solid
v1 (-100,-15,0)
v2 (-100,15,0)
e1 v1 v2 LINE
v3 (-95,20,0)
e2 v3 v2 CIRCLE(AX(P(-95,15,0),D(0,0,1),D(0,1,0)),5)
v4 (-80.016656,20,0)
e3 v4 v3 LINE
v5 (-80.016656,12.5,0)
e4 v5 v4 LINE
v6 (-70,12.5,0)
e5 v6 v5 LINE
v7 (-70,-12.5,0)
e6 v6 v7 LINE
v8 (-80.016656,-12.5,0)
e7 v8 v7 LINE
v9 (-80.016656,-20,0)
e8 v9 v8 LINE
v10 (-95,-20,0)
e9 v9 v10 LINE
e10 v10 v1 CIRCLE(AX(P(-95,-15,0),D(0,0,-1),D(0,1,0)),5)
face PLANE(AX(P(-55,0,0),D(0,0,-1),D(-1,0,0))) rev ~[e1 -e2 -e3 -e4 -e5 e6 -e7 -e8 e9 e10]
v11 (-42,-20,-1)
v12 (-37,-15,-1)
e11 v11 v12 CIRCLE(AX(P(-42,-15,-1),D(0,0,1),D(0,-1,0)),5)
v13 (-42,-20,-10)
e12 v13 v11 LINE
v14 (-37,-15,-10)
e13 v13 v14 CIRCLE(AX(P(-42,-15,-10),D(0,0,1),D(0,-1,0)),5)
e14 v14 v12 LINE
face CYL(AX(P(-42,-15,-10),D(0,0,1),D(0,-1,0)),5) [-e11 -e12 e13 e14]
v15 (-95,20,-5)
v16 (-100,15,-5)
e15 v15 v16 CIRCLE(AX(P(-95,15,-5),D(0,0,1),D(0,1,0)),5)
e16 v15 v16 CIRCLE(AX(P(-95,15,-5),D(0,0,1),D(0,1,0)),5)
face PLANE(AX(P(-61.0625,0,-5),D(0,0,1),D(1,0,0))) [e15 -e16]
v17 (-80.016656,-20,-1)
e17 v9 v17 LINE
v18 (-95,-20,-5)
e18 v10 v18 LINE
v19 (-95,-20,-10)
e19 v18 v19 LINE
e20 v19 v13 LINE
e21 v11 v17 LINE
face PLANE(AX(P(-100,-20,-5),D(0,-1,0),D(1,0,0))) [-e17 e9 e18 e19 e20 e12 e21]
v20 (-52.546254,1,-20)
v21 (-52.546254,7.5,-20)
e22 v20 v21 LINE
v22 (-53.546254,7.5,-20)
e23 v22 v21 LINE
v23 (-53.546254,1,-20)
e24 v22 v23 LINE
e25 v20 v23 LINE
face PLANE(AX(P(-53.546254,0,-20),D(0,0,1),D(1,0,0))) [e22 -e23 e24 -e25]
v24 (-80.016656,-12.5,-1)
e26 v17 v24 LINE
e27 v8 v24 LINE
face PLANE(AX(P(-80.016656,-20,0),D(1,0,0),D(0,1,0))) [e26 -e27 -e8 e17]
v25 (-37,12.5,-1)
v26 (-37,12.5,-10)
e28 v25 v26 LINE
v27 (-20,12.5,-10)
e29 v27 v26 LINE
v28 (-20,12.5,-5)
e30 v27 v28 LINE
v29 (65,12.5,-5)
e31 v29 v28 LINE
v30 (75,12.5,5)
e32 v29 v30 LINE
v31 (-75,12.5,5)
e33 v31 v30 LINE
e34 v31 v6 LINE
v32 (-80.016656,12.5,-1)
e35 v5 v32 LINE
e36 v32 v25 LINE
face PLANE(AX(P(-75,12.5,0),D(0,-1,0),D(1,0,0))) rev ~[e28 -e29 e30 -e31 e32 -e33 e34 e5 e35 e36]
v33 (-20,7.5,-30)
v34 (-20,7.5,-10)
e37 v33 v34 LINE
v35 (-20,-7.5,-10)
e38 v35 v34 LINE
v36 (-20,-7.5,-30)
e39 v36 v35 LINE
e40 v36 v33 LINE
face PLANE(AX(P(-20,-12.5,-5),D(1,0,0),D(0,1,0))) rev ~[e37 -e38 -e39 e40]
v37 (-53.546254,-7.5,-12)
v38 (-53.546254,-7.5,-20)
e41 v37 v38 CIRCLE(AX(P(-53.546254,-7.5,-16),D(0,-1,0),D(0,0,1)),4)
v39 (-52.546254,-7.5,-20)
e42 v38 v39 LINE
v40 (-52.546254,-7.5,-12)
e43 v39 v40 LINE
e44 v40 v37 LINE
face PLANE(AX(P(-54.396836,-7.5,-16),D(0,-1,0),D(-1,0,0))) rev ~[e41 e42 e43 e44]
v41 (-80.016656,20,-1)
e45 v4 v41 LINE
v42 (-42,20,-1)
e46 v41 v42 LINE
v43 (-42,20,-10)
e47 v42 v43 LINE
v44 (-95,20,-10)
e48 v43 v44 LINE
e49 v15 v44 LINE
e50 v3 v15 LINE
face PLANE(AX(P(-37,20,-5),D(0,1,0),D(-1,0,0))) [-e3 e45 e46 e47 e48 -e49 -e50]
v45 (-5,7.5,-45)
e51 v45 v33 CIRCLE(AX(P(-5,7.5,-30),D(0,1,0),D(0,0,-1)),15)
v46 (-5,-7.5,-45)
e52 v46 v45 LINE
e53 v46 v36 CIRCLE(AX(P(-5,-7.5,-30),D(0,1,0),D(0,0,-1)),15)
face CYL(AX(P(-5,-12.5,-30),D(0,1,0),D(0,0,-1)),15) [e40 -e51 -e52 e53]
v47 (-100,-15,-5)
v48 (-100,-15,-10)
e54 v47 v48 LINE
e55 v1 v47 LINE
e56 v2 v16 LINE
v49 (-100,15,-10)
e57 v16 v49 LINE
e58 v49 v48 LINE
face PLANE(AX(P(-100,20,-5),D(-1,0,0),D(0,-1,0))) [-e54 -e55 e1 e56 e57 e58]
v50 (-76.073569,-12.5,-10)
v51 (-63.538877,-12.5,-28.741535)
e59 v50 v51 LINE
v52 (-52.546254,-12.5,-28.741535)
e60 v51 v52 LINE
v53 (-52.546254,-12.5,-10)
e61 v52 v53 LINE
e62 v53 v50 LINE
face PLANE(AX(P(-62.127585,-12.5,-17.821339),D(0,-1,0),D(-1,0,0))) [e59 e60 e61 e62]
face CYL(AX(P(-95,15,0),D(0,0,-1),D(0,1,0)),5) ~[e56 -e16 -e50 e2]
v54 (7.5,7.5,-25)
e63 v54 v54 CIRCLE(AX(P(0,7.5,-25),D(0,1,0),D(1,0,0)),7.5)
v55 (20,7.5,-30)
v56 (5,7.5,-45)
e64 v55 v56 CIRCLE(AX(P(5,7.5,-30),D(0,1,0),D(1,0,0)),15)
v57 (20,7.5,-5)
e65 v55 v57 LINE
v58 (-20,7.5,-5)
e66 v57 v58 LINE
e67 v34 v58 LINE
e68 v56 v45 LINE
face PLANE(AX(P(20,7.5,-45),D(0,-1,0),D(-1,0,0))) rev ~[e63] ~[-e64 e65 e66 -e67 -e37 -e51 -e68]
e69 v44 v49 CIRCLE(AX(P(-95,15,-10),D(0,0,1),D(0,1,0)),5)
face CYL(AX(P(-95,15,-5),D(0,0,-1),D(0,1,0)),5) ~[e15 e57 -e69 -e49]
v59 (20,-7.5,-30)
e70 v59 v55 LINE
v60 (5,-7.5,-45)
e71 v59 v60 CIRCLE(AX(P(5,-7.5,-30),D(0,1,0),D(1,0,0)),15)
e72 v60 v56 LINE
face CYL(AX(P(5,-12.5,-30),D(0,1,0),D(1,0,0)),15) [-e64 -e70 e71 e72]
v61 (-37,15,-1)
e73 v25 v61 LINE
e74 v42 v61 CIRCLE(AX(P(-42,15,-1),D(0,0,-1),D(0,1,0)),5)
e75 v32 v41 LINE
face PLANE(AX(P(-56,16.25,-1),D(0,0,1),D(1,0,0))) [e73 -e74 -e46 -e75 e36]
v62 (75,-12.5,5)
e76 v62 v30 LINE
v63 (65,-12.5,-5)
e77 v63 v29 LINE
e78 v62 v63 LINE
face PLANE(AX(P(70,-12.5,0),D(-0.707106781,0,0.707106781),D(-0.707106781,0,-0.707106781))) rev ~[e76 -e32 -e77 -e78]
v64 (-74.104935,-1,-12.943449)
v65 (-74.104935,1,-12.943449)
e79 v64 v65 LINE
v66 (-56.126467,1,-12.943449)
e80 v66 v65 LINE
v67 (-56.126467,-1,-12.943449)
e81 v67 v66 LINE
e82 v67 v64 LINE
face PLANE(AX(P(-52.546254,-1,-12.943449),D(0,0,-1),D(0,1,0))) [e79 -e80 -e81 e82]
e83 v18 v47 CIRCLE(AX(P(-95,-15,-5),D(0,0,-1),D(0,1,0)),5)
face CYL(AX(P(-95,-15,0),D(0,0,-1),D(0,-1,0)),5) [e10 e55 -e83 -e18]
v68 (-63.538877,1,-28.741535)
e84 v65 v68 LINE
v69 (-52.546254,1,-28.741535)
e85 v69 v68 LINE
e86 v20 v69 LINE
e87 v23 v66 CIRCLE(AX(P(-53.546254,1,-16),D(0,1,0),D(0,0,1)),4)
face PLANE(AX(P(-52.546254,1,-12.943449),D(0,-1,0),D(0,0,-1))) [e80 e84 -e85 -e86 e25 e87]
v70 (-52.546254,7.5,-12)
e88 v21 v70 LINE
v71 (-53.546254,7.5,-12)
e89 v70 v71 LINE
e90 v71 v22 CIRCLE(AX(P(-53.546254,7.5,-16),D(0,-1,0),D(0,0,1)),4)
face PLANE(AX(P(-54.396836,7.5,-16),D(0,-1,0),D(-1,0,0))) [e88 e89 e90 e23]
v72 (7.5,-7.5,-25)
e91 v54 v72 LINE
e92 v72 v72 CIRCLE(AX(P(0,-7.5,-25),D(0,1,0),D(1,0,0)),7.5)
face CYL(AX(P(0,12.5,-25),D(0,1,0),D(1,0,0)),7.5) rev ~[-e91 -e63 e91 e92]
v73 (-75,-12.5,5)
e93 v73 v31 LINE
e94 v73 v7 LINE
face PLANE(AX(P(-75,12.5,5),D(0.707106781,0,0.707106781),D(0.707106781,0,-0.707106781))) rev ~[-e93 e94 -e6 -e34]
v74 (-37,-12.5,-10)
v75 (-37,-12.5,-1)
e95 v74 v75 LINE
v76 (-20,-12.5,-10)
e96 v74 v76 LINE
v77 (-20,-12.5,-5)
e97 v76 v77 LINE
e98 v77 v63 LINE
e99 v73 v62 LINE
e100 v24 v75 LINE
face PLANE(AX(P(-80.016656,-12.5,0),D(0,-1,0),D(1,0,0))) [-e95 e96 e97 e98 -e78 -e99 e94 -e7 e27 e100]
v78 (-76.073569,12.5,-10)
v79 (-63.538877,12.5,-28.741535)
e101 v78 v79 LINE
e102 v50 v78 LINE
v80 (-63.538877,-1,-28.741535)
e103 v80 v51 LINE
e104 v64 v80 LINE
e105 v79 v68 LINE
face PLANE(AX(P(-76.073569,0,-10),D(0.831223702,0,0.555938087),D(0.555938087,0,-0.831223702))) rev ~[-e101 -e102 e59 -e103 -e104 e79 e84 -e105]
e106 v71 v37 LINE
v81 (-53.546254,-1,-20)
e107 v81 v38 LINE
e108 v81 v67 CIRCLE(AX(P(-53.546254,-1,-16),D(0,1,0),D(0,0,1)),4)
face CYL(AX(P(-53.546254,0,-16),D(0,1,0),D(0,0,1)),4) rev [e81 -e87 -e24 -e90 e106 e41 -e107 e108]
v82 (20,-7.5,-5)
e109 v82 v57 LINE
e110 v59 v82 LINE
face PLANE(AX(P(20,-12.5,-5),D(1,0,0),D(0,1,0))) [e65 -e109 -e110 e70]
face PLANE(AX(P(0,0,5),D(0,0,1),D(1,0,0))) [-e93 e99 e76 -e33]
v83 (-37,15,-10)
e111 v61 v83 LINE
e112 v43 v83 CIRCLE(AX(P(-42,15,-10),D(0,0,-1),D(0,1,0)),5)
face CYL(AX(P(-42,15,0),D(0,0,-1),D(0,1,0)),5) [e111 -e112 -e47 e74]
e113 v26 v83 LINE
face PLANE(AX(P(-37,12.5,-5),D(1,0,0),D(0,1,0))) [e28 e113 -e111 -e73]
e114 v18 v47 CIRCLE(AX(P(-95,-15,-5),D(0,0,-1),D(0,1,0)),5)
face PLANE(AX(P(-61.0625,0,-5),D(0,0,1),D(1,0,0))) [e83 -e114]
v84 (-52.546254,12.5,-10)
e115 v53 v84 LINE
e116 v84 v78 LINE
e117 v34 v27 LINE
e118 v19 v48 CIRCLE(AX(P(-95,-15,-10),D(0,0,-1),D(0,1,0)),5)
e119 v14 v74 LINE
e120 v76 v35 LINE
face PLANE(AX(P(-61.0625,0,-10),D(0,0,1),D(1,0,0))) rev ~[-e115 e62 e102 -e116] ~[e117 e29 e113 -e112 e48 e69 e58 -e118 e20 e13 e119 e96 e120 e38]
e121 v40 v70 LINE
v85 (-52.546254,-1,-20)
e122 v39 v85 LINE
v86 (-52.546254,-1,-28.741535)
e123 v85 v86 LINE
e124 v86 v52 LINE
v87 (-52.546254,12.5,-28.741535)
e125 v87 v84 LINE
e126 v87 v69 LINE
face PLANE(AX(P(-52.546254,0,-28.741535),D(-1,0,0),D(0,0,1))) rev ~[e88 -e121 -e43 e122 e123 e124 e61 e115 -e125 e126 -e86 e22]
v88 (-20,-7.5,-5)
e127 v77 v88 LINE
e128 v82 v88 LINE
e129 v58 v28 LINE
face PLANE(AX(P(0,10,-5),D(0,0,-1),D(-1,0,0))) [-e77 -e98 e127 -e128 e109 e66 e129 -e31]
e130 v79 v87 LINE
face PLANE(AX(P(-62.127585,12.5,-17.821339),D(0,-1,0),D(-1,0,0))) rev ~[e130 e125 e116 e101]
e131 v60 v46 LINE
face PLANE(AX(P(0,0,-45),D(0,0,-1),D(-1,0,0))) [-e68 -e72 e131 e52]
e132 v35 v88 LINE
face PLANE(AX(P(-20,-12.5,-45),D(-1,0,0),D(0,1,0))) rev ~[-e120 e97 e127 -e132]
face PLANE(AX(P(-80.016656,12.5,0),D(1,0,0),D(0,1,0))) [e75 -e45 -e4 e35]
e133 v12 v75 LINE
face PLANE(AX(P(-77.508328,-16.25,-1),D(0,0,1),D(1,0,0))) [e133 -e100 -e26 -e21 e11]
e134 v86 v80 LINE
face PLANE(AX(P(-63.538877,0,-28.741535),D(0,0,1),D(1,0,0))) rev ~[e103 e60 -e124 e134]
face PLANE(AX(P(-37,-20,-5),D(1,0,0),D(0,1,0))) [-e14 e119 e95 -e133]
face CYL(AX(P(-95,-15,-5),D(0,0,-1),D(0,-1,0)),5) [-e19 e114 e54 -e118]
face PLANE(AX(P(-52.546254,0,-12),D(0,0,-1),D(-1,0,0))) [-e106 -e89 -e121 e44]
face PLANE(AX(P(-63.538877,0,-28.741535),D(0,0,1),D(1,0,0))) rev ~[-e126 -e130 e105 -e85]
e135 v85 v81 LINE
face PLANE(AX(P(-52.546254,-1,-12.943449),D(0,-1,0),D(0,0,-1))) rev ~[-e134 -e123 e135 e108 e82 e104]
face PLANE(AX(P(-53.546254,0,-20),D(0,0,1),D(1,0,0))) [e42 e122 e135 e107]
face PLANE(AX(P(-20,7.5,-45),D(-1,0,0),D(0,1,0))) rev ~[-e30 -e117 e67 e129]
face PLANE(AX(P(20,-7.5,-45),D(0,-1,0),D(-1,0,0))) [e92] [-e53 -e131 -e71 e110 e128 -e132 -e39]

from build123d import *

# Parameters (mm, degrees)
SZKIC1_W                    = 150
SZKIC1_H                    = 25
DODANIE_WYCI_GNI_CIE1_DEPTH = 5
WYTNIJ_WYCI_GNI_CIE1_DEPTH  = 26
SZKIC3_W                    = 90
SZKIC3_H                    = 40
DODANIE_WYCI_GNI_CIE2_DEPTH = 5
ZAOKR_GLENIE1_R             = 5
SZKIC4_W                    = 75
SZKIC4_H                    = 25
DODANIE_WYCI_GNI_CIE3_DEPTH = 5
DODANIE_WYCI_GNI_CIE4_DEPTH = 25
SZKIC6_W                    = 40
SZKIC6_H                    = 25
DODANIE_WYCI_GNI_CIE5_DEPTH = 40
ZAOKR_GLENIE2_R             = 15
SZKIC7_R                    = 7.5
WYTNIJ_WYCI_GNI_CIE2_DEPTH  = 40
SZKIC10_W                   = 27
SZKIC10_H                   = 7.5
WYTNIJ_WYCI_GNI_CIE5_DEPTH  = 10
DODANIE_WYCI_GNI_CIE7_DEPTH = 5
ZAOKR_GLENIE5_R             = 5
ZAOKR_GLENIE6_R             = 5
DODANIE_WYCI_GNI_CIE8_DEPTH = 12.5
SZKIC21_W                   = 15.7980857
SZKIC21_H                   = 2
WYTNIJ_WYCI_GNI_CIE8_DEPTH  = 25
WYTNIJ_WYCI_GNI_CIE9_DEPTH  = 7.5
SZKIC23_W                   = 40
SZKIC23_H                   = 5
WYTNIJ_WYCI_GNI_CIE10_DEPTH = 40
SZKIC24_W                   = 38
SZKIC24_H                   = 7.5
WYTNIJ_WYCI_GNI_CIE11_DEPTH = 1
SZKIC25_W                   = 5.016656034
SZKIC25_H                   = 7.5
WYTNIJ_WYCI_GNI_CIE12_DEPTH = 1


with BuildPart() as part:
    # Szkic1 → Dodanie-wyciągnięcie1 (new body)
    with BuildSketch(Plane.XY):
        Rectangle(SZKIC1_W, SZKIC1_H)
    extrude(amount=DODANIE_WYCI_GNI_CIE1_DEPTH)

    # Szkic2 → Wytnij-wyciągnięcie1 (cut, through all)
    with BuildSketch(Plane(origin=(0, 12.5, 0), x_dir=(1, 0, 0), z_dir=(0, 1, 0))):
        Polygon((75, -5), (70, 0), (75, 0), align=None)
        Polygon((-70, 0), (-75, 0), (-75, -5), align=None)
    extrude(amount=-WYTNIJ_WYCI_GNI_CIE1_DEPTH, mode=Mode.SUBTRACT)

    # Szkic3 → Dodanie-wyciągnięcie2 (add)
    with BuildSketch(Plane(origin=(0, 0, 0), x_dir=(-1, 0, 0), z_dir=(0, 0, -1))):
        with Locations((55, 0)):
            Rectangle(SZKIC3_W, SZKIC3_H)
    extrude(amount=DODANIE_WYCI_GNI_CIE2_DEPTH)

    # Zaokrąglenie1
    zaokr_glenie1_edges = [part.edges().sort_by_distance(p)[0] for p in [
        (-100, -20, -2.5),
        (-100, 20, -2.5),
        (-10, 20, -2.5),
        (-10, -20, -2.5),
    ]]
    fillet(zaokr_glenie1_edges, radius=ZAOKR_GLENIE1_R)

    # Szkic4 → Dodanie-wyciągnięcie3 (add)
    with BuildSketch(Plane(origin=(0, 0, 0), x_dir=(-1, 0, 0), z_dir=(0, 0, -1))):
        with Locations((-27.5, 0)):
            Rectangle(SZKIC4_W, SZKIC4_H)
    extrude(amount=DODANIE_WYCI_GNI_CIE3_DEPTH)

    # Szkic5 → Dodanie-wyciągnięcie4 (add)
    with BuildSketch(Plane.XZ.offset(12.5)):
        Polygon((65, 0), (70, 0), (65, -5), align=None)
    extrude(amount=-DODANIE_WYCI_GNI_CIE4_DEPTH)

    # Szkic6 → Dodanie-wyciągnięcie5 (add)
    with BuildSketch(Plane(origin=(0, 0, -5), x_dir=(-1, 0, 0), z_dir=(0, 0, -1))):
        Rectangle(SZKIC6_W, SZKIC6_H)
    extrude(amount=DODANIE_WYCI_GNI_CIE5_DEPTH)

    # Zaokrąglenie2
    zaokr_glenie2_edges = [part.edges().sort_by_distance(p)[0] for p in [
        (20, 0, -45),
        (-20, 0, -45),
    ]]
    fillet(zaokr_glenie2_edges, radius=ZAOKR_GLENIE2_R)

    # Szkic7 → Wytnij-wyciągnięcie2 (cut)
    with BuildSketch(Plane(origin=(0, 12.5, 0), x_dir=(1, 0, 0), z_dir=(0, 1, 0))):
        with Locations((0, 25)):
            Circle(SZKIC7_R)
    extrude(amount=-WYTNIJ_WYCI_GNI_CIE2_DEPTH, mode=Mode.SUBTRACT)

    # Szkic10 → Wytnij-wyciągnięcie5 (cut)
    with BuildSketch(Plane.XY):
        with Locations((-23.5, 16.25)):
            Rectangle(SZKIC10_W, SZKIC10_H)
        with Locations((-23.5, -16.25)):
            Rectangle(SZKIC10_W, SZKIC10_H)
    extrude(amount=-WYTNIJ_WYCI_GNI_CIE5_DEPTH, mode=Mode.SUBTRACT)

    # Szkic11 → Dodanie-wyciągnięcie7 (add)
    with BuildSketch(Plane(origin=(0, 0, -5), x_dir=(-1, 0, 0), z_dir=(0, 0, -1))):
        Polygon((37, 20), (100, 20), (100, -20), (37, -20), (37, -12.5), (20, -12.5), (20, 12.5), (37, 12.5), align=None)
    extrude(amount=DODANIE_WYCI_GNI_CIE7_DEPTH)

    # Zaokrąglenie5
    zaokr_glenie5_edges = [part.edges().sort_by_distance(p)[0] for p in [
        (-100, 20, -7.5),
        (-100, -20, -7.5),
    ]]
    fillet(zaokr_glenie5_edges, radius=ZAOKR_GLENIE5_R)

    # Zaokrąglenie6
    zaokr_glenie6_edges = [part.edges().sort_by_distance(p)[0] for p in [
        (-37, 20, -5),
        (-37, -20, -5),
    ]]
    fillet(zaokr_glenie6_edges, radius=ZAOKR_GLENIE6_R)

    # Szkic19 → Dodanie-wyciągnięcie8 (add, symmetric)
    with BuildSketch(Plane(origin=(0, 0, 0), x_dir=(1, 0, 0), z_dir=(0, 1, 0))):
        Polygon((-76.073569431, 10), (-63.538877319, 28.741535124), (-52.546253684, 28.741535124), (-52.546253684, 10), align=None)
    extrude(amount=DODANIE_WYCI_GNI_CIE8_DEPTH, both=True)

    # Szkic21 → Wytnij-wyciągnięcie8 (cut)
    with BuildSketch(Plane(origin=(-52.546253684, 0, 0), x_dir=(0, 0, -1), z_dir=(1, 0, 0))):
        with Locations((20.842492274, 0)):
            Rectangle(SZKIC21_W, SZKIC21_H)
    extrude(amount=-WYTNIJ_WYCI_GNI_CIE8_DEPTH, mode=Mode.SUBTRACT)

    # Szkic22 → Wytnij-wyciągnięcie9 (cut, symmetric)
    with BuildSketch(Plane(origin=(0, 0, 0), x_dir=(1, 0, 0), z_dir=(0, 1, 0))):
        with BuildLine():
            Line((-52.546253684, 12), (-53.546253684, 12))
            ThreePointArc((-53.546253684, 12), (-57.546253684, 16), (-53.546253684, 20))
            Line((-53.546253684, 20), (-52.546253684, 20))
            Line((-52.546253684, 20), (-52.546253684, 12))
        make_face()
    extrude(amount=WYTNIJ_WYCI_GNI_CIE9_DEPTH, both=True, mode=Mode.SUBTRACT)

    # Szkic23 → Wytnij-wyciągnięcie10 (cut)
    with BuildSketch(Plane(origin=(0, 0, -45), x_dir=(-1, 0, 0), z_dir=(0, 0, -1))):
        with Locations((0, 10)):
            Rectangle(SZKIC23_W, SZKIC23_H)
        with Locations((0, -10)):
            Rectangle(SZKIC23_W, SZKIC23_H)
    extrude(amount=-WYTNIJ_WYCI_GNI_CIE10_DEPTH, mode=Mode.SUBTRACT)

    # Szkic24 → Wytnij-wyciągnięcie11 (cut)
    with BuildSketch(Plane.XY):
        with Locations((-56, 16.25)):
            Rectangle(SZKIC24_W, SZKIC24_H)
        with Locations((-56, -16.25)):
            Rectangle(SZKIC24_W, SZKIC24_H)
    extrude(amount=-WYTNIJ_WYCI_GNI_CIE11_DEPTH, mode=Mode.SUBTRACT)

    # Szkic25 → Wytnij-wyciągnięcie12 (cut)
    with BuildSketch(Plane.XY):
        with Locations((-77.508328017, 16.25)):
            Rectangle(SZKIC25_W, SZKIC25_H)
        with Locations((-77.508328017, -16.25)):
            Rectangle(SZKIC25_W, SZKIC25_H)
    extrude(amount=-WYTNIJ_WYCI_GNI_CIE12_DEPTH, mode=Mode.SUBTRACT)


solid = part.part
